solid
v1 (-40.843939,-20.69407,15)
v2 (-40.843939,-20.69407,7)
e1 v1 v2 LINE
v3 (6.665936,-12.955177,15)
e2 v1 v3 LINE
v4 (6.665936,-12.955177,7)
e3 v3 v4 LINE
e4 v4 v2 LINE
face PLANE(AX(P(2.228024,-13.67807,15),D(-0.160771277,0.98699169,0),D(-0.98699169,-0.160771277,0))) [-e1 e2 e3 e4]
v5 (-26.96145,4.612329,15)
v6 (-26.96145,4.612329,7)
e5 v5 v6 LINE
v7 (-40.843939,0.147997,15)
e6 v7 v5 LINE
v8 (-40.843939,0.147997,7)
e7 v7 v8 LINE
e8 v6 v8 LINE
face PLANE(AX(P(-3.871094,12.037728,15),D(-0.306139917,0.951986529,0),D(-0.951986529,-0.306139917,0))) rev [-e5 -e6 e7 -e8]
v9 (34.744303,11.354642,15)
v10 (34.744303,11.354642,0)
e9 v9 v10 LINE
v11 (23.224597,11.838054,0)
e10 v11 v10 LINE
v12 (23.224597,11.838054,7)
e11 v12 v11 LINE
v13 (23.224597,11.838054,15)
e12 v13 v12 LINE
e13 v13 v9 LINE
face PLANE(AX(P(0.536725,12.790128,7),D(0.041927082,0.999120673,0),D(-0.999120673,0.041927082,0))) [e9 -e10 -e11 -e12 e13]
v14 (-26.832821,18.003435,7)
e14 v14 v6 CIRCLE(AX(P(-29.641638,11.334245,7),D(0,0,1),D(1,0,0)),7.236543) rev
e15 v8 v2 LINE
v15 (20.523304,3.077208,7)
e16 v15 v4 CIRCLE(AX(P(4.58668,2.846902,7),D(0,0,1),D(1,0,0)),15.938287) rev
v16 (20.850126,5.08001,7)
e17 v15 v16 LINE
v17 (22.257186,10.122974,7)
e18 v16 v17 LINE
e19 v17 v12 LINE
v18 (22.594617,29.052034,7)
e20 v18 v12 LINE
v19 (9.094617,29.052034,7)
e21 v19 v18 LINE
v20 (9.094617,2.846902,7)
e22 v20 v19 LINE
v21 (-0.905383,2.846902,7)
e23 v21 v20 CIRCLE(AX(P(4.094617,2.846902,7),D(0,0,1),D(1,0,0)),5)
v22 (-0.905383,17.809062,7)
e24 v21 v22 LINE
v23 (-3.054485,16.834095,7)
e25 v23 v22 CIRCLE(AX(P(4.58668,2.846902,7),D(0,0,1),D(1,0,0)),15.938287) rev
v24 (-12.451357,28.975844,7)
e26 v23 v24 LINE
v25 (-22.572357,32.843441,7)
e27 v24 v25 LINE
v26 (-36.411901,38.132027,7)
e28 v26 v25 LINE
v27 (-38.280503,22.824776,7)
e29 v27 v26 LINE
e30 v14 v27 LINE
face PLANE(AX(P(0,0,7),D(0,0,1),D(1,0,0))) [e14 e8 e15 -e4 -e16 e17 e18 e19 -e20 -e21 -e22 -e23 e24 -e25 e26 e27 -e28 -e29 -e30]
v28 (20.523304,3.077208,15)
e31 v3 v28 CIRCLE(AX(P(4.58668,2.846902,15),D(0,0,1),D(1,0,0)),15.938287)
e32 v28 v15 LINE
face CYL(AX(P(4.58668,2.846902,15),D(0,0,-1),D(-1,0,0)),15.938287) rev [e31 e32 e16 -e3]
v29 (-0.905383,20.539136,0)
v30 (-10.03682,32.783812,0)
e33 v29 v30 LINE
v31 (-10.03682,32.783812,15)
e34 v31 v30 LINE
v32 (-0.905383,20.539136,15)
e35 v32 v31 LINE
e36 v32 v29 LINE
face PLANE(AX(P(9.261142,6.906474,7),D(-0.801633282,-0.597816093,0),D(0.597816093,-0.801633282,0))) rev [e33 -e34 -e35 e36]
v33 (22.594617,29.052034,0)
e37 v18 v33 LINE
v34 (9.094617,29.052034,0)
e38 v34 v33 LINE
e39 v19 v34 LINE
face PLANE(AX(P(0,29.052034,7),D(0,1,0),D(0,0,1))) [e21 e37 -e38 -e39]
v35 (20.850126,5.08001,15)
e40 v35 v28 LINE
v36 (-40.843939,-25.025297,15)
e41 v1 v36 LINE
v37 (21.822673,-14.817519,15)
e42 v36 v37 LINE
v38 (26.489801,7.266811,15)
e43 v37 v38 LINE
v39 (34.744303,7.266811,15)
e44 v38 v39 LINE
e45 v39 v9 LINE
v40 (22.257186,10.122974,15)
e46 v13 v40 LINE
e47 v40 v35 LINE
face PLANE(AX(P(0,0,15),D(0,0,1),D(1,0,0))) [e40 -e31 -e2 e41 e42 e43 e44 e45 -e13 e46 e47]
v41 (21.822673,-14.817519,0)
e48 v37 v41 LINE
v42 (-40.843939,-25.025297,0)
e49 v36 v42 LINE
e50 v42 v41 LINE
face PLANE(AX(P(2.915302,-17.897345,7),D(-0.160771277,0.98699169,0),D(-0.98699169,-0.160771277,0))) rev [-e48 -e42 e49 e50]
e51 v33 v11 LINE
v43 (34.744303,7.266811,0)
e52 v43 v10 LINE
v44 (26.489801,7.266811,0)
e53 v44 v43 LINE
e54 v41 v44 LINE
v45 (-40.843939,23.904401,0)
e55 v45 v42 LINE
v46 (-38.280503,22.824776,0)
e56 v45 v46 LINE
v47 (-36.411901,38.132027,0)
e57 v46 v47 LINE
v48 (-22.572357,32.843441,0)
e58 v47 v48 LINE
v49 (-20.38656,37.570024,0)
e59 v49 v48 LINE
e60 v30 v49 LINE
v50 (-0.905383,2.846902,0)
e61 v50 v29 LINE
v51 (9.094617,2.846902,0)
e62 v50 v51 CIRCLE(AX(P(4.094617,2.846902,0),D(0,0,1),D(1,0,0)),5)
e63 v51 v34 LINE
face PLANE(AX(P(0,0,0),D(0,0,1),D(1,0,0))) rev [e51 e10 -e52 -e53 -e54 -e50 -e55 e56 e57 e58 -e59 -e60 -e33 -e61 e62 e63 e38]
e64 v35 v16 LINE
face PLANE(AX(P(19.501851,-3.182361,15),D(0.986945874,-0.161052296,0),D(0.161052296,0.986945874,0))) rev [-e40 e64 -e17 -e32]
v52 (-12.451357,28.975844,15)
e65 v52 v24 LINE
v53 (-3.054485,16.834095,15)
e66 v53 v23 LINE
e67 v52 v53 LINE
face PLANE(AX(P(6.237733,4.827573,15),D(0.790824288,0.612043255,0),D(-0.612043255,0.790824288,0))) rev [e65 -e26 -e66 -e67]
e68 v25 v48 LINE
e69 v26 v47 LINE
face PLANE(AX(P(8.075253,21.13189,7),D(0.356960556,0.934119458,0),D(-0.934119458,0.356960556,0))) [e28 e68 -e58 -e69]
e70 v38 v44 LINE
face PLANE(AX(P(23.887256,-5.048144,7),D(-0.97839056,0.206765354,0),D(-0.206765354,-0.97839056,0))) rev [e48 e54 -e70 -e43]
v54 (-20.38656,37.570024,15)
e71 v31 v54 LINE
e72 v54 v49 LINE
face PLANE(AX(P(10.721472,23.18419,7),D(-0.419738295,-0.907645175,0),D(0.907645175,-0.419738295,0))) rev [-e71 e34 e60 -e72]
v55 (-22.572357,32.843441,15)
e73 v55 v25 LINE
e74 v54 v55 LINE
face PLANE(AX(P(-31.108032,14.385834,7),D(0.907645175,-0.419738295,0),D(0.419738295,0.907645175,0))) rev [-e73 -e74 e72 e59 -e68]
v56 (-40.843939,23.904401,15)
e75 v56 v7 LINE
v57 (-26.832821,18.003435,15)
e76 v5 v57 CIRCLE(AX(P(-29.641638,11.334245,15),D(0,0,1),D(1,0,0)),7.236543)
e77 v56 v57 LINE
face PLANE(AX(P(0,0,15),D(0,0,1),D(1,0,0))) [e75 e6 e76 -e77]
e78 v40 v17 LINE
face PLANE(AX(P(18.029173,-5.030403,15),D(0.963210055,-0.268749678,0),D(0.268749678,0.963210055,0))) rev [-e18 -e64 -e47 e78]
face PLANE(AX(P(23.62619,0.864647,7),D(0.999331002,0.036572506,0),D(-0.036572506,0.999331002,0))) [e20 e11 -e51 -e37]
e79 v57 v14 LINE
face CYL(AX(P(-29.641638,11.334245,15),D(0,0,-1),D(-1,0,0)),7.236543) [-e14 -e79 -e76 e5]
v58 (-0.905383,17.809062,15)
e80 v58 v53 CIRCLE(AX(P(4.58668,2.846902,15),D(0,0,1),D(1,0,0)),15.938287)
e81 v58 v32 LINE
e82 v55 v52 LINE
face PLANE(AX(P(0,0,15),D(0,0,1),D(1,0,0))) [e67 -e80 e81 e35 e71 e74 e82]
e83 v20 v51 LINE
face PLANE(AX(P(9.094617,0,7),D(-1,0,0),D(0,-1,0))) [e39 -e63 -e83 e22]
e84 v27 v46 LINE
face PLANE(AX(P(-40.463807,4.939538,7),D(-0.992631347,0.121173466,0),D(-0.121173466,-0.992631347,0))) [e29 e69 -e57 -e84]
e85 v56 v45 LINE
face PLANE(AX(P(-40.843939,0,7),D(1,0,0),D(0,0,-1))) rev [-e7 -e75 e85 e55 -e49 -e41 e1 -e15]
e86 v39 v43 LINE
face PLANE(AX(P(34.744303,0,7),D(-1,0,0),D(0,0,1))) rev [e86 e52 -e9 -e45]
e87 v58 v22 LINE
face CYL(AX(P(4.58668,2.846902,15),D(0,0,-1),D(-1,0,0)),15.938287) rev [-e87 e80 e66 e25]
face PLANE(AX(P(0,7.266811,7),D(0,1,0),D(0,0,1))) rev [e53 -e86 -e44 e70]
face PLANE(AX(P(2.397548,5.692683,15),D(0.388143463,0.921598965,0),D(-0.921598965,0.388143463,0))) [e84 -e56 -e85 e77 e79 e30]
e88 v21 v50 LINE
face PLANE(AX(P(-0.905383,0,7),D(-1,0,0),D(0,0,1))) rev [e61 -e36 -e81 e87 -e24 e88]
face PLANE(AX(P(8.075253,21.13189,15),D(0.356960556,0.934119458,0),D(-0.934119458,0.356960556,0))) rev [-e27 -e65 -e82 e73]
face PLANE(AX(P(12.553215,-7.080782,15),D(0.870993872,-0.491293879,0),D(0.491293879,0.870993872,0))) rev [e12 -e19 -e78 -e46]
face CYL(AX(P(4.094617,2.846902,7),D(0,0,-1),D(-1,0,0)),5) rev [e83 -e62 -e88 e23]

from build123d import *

# Parameters (mm, degrees)
BOSS_EXTRUDE2_DEPTH = 7
BOSS_EXTRUDE3_DEPTH = 15


with BuildPart() as part:
    # Sketch1 → Boss-Extrude2 (new body)
    with BuildSketch(Plane.XY):
        with BuildLine():
            Line((-40.843938812, -25.02529653), (21.822672825, -14.817519442))
            Line((21.822672825, -14.817519442), (26.489801196, 7.266810726))
            Line((26.489801196, 7.266810726), (34.744303123, 7.266810726))
            Line((34.744303123, 7.266810726), (34.744303123, 11.354641566))
            Line((34.744303123, 11.354641566), (23.2245968, 11.838054321))
            Line((23.2245968, 11.838054321), (22.594616957, 29.052034329))
            Line((22.594616957, 29.052034329), (9.094616957, 29.052034329))
            Line((9.094616957, 29.052034329), (9.094616957, 2.846901584))
            ThreePointArc((9.094616957, 2.846901584), (4.094616957, -2.153098416), (-0.905383043, 2.846901584))
            Line((-0.905383043, 2.846901584), (-0.905383043, 20.539136331))
            Line((-0.905383043, 20.539136331), (-10.036820206, 32.783811613))
            Line((-10.036820206, 32.783811613), (-20.38656022, 37.570023616))
            Line((-20.38656022, 37.570023616), (-22.572356812, 32.843440998))
            Line((-22.572356812, 32.843440998), (-36.411901157, 38.132027383))
            Line((-36.411901157, 38.132027383), (-40.843938812, 1.825568171))
            Line((-40.843938812, 1.825568171), (-40.843938812, -25.02529653))
        make_face()
    extrude(amount=BOSS_EXTRUDE2_DEPTH)

    # Sketch1<7> → Boss-Extrude3 (add)
    with BuildSketch(Plane.XY):
        with BuildLine():
            ThreePointArc((-3.054484565, 16.834095496), (-1.998003486, 17.361409284), (-0.905383043, 17.809061684))
            Line((-0.905383043, 17.809061684), (-0.905383043, 20.539136331))
            Line((-0.905383043, 20.539136331), (-10.036820206, 32.783811613))
            Line((-10.036820206, 32.783811613), (-20.38656022, 37.570023616))
            Line((-20.38656022, 37.570023616), (-22.572356812, 32.843440998))
            Line((-22.572356812, 32.843440998), (-12.451357463, 28.975844058))
            Line((-12.451357463, 28.975844058), (-3.054484565, 16.834095496))
        make_face()
        with BuildLine():
            ThreePointArc((20.523303512, 3.077207951), (16.644968484, -7.575511067), (6.665935601, -12.955177206))
            Line((6.665935601, -12.955177206), (-40.843938812, -20.694070291))
            Line((-40.843938812, -20.694070291), (-40.843938812, -25.02529653))
            Line((-40.843938812, -25.02529653), (21.822672825, -14.817519442))
            Line((21.822672825, -14.817519442), (26.489801196, 7.266810726))
            Line((26.489801196, 7.266810726), (34.744303123, 7.266810726))
            Line((34.744303123, 7.266810726), (34.744303123, 11.354641566))
            Line((34.744303123, 11.354641566), (23.2245968, 11.838054321))
            Line((23.2245968, 11.838054321), (22.257186267, 10.122973627))
            Line((22.257186267, 10.122973627), (20.850125794, 5.080010211))
            Line((20.850125794, 5.080010211), (20.523303512, 3.077207951))
        make_face()
        with BuildLine():
            Line((-26.832821067, 18.003435216), (-40.843938812, 23.904400779))
            Line((-40.843938812, 23.904400779), (-40.843938812, 0.147997265))
            Line((-40.843938812, 0.147997265), (-26.961449929, 4.612329337))
            ThreePointArc((-26.961449929, 4.612329337), (-22.405428772, 11.264736988), (-26.832821067, 18.003435216))
        make_face()
    extrude(amount=BOSS_EXTRUDE3_DEPTH)


solid = part.part
